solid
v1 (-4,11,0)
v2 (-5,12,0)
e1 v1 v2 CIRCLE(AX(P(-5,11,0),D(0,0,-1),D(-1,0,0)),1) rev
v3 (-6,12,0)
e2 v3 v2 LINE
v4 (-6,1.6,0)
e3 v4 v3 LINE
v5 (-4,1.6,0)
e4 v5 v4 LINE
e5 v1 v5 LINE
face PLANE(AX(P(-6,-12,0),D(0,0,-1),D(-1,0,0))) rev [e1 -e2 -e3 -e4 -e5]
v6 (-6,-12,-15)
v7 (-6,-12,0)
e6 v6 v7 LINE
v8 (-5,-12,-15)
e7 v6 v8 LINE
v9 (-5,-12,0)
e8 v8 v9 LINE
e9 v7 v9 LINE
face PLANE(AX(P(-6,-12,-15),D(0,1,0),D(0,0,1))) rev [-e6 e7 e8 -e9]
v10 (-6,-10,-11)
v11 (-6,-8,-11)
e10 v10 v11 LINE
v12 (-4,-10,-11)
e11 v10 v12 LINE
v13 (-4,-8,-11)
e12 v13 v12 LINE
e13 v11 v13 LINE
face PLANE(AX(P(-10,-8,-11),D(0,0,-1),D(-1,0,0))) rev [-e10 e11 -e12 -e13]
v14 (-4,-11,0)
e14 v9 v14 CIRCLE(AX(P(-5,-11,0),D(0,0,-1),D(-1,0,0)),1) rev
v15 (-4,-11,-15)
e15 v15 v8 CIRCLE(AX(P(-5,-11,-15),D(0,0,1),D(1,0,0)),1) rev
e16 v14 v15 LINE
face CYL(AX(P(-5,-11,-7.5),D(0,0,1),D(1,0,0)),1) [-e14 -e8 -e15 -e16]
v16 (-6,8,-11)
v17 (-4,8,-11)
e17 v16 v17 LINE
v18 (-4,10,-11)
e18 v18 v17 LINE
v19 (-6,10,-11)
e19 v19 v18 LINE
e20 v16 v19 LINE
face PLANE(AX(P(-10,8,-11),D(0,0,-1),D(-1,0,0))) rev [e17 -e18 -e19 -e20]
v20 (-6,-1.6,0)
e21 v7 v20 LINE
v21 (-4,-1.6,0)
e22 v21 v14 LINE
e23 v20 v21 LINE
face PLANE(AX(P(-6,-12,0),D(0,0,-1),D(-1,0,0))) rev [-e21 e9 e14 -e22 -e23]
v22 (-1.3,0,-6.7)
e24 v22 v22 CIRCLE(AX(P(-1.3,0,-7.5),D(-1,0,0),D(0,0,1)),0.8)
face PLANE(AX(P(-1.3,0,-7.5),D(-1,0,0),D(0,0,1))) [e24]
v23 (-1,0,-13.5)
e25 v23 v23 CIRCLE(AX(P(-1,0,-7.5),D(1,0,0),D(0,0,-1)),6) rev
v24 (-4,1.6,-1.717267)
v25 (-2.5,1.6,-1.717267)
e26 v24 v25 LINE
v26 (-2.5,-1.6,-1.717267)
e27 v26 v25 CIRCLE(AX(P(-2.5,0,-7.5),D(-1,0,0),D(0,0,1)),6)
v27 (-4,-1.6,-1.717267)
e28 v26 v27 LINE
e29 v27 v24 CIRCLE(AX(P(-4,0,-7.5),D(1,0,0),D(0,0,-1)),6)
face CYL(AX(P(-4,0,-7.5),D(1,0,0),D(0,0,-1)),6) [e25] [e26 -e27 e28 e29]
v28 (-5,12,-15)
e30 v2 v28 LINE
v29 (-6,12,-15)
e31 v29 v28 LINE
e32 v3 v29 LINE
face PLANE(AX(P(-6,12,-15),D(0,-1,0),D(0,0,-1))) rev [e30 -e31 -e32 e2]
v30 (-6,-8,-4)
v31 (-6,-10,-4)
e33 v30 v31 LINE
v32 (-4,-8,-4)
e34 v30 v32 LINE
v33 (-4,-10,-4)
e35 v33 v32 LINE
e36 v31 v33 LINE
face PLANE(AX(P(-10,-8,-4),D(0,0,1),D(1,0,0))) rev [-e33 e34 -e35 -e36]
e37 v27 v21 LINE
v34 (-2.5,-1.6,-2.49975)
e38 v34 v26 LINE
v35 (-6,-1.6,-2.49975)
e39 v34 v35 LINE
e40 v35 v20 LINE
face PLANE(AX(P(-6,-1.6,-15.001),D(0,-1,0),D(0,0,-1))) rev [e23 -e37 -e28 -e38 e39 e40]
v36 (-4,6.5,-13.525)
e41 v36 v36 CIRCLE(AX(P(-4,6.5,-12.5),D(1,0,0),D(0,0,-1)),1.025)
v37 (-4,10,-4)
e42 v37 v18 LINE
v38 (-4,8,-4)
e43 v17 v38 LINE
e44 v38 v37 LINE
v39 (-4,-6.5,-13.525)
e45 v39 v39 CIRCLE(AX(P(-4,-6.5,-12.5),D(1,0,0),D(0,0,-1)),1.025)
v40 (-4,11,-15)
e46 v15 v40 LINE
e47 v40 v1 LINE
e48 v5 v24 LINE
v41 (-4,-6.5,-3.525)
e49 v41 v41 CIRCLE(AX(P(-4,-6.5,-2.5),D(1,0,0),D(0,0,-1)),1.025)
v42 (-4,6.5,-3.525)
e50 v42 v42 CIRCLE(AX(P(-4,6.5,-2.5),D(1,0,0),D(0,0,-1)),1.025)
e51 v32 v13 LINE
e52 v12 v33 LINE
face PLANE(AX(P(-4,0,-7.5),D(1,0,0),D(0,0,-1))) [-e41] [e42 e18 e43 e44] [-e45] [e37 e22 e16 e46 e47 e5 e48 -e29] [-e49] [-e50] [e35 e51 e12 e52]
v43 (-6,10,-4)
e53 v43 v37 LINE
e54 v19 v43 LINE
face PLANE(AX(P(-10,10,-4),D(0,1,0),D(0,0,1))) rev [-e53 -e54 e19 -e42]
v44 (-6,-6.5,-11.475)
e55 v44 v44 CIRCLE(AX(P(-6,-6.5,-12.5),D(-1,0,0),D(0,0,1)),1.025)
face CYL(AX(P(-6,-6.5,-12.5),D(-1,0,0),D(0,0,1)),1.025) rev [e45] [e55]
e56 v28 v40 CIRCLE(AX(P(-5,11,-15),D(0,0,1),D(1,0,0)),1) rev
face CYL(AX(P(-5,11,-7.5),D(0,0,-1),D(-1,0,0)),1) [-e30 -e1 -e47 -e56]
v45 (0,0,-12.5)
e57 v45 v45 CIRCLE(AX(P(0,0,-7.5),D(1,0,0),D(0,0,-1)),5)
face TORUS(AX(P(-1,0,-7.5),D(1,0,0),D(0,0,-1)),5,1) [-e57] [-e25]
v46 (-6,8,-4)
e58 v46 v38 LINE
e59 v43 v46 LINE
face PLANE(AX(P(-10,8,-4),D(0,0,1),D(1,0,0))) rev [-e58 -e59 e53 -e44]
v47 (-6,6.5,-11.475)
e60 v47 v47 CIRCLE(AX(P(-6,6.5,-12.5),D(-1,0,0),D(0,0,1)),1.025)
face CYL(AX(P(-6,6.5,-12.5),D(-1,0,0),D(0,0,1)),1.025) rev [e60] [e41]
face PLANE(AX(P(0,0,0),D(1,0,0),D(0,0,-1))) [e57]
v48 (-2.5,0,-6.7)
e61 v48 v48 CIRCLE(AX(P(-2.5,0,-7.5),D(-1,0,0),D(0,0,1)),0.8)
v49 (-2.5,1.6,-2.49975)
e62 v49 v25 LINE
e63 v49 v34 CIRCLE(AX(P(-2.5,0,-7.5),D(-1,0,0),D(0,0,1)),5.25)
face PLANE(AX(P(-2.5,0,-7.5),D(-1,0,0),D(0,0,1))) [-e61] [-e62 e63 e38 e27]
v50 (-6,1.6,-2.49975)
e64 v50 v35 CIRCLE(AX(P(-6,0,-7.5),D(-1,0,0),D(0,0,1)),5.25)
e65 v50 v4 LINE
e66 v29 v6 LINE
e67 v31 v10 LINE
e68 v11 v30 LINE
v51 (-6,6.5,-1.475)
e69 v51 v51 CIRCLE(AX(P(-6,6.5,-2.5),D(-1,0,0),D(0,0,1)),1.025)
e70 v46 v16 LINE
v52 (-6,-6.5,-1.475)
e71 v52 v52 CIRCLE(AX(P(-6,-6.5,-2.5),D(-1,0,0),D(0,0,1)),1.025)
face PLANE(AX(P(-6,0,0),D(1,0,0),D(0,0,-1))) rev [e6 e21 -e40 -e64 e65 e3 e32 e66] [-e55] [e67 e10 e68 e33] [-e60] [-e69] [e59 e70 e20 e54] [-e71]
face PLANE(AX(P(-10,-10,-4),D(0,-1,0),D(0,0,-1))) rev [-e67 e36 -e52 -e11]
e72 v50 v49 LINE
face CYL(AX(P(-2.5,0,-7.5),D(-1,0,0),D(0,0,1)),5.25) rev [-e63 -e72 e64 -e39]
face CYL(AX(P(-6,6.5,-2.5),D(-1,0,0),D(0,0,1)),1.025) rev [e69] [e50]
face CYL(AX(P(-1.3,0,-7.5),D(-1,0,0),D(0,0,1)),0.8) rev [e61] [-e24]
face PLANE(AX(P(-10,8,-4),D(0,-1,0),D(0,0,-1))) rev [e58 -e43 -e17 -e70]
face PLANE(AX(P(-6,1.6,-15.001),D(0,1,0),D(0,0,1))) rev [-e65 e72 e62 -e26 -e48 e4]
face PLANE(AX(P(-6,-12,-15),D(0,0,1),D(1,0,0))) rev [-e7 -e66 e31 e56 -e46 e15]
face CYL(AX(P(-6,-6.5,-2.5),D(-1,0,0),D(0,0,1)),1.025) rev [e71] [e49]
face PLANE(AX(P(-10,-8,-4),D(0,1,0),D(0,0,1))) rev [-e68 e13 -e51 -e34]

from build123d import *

# Parameters (mm, degrees)
SKETCH1_W                    = 15
SKETCH1_H                    = 24
BOSS_EXTRUDE1_DEPTH          = 6
SKETCH2_R                    = 5.25
CUT_EXTRUDE1_DEPTH           = 3.5
CUT_EXTRUDE2_REACH           = 24.136
CUT_EXTRUDE2_END_RADIUS      = 5.25
SKETCH3_W                    = 3.5
SKETCH3_H                    = 3.2
SKETCH4_W                    = 7
SKETCH4_H                    = 2
CUT_EXTRUDE3_DEPTH           = 10
SKETCH5_R                    = 0.8
CUT_EXTRUDE4_DEPTH           = 1.2
SKETCH6_OUTSIDE_W            = 22.786
SKETCH6_OUTSIDE_H            = 31.786
SKETCH6_OUTSIDE_R            = 6
CUT_EXTRUDE5_DEPTH           = 4
M2_5X0_45_TAPPED_HOLE1_D     = 2.05
M2_5X0_45_TAPPED_HOLE1_DEPTH = 6.35
M2_5X0_45_TAPPED_HOLE1_TIP   = 0.615882135
FILLET1_R                    = 1


with BuildPart() as part:
    # Sketch1 → Boss-Extrude1 (new body)
    with BuildSketch(Plane(origin=(0, 0, -7.5), x_dir=(0, 0, 1), z_dir=(-1, 0, 0))):
        Rectangle(SKETCH1_W, SKETCH1_H)
    extrude(amount=BOSS_EXTRUDE1_DEPTH)

    # Sketch2 → Cut-Extrude1 (cut)
    with BuildSketch(Plane.ZY.offset(6)):
        with Locations((-7.5, 0)):
            Circle(SKETCH2_R)
    extrude(amount=-CUT_EXTRUDE1_DEPTH, mode=Mode.SUBTRACT)

    # Cut-Extrude2: up to this cylinder (the profile starts outside it)
    cut_extrude2_end = Plane(origin=(-4.25, 0, -7.5), z_dir=(-1, 0, 0)) * Cylinder(CUT_EXTRUDE2_END_RADIUS, 59.772, mode=Mode.PRIVATE)
    # Sketch3 → Cut-Extrude2 (cut, up to the surface)
    with BuildSketch(Plane(origin=(5, 0, 0), x_dir=(1, 0, 0), z_dir=(0, 0, 1)), mode=Mode.PRIVATE) as cut_extrude2_sk1:
        with Locations((-9.25, 0)):
            Rectangle(SKETCH3_W, SKETCH3_H)
    cut_extrude2_tool1 = extrude(cut_extrude2_sk1.sketch, amount=-CUT_EXTRUDE2_REACH, mode=Mode.PRIVATE) - cut_extrude2_end
    add(cut_extrude2_tool1.solids().sort_by_distance((-4.25, 0, 0))[0], mode=Mode.SUBTRACT)

    # Sketch4 → Cut-Extrude3 (cut)
    with BuildSketch(Plane(origin=(0, 0, 0), x_dir=(0, 0, -1), z_dir=(1, 0, 0))):
        with Locations((7.5, 9)):
            Rectangle(SKETCH4_W, SKETCH4_H)
        with Locations((7.5, -9)):
            Rectangle(SKETCH4_W, SKETCH4_H)
    extrude(amount=-CUT_EXTRUDE3_DEPTH, mode=Mode.SUBTRACT)

    # Sketch5 → Cut-Extrude4 (cut)
    with BuildSketch(Plane.ZY.offset(2.5)):
        with Locations((-7.5, 0)):
            Circle(SKETCH5_R)
    extrude(amount=-CUT_EXTRUDE4_DEPTH, mode=Mode.SUBTRACT)

    # Sketch6 outside → Cut-Extrude5 (cut)
    with BuildSketch(Plane(origin=(0, 0, 0), x_dir=(0, 0, -1), z_dir=(1, 0, 0))):
        with Locations((7.5, 0)):
            Rectangle(SKETCH6_OUTSIDE_W, SKETCH6_OUTSIDE_H)
        with Locations((7.5, 0)):
            Circle(SKETCH6_OUTSIDE_R, mode=Mode.SUBTRACT)
    extrude(amount=-CUT_EXTRUDE5_DEPTH, mode=Mode.SUBTRACT)

    # M2.5x0.45 Tapped Hole1
    with Locations(Plane.ZY.offset(6)):
        with Locations((-12.5, 6.5), (-2.5, 6.5), (-2.5, -6.5), (-12.5, -6.5)):
            Hole(M2_5X0_45_TAPPED_HOLE1_D / 2, depth=M2_5X0_45_TAPPED_HOLE1_DEPTH)
            with Locations((0, 0, -(M2_5X0_45_TAPPED_HOLE1_DEPTH + M2_5X0_45_TAPPED_HOLE1_TIP / 2))):  # 118° drill point
                Cone(0, M2_5X0_45_TAPPED_HOLE1_D / 2, M2_5X0_45_TAPPED_HOLE1_TIP, mode=Mode.SUBTRACT)

    # Fillet1
    fillet1_edges = [part.edges().sort_by_distance(p)[0] for p in [
        (0, 0, -1.5),
        (-4, -12, -7.5),
        (-4, 12, -7.5),
    ]]
    fillet(fillet1_edges, radius=FILLET1_R)


solid = part.part
